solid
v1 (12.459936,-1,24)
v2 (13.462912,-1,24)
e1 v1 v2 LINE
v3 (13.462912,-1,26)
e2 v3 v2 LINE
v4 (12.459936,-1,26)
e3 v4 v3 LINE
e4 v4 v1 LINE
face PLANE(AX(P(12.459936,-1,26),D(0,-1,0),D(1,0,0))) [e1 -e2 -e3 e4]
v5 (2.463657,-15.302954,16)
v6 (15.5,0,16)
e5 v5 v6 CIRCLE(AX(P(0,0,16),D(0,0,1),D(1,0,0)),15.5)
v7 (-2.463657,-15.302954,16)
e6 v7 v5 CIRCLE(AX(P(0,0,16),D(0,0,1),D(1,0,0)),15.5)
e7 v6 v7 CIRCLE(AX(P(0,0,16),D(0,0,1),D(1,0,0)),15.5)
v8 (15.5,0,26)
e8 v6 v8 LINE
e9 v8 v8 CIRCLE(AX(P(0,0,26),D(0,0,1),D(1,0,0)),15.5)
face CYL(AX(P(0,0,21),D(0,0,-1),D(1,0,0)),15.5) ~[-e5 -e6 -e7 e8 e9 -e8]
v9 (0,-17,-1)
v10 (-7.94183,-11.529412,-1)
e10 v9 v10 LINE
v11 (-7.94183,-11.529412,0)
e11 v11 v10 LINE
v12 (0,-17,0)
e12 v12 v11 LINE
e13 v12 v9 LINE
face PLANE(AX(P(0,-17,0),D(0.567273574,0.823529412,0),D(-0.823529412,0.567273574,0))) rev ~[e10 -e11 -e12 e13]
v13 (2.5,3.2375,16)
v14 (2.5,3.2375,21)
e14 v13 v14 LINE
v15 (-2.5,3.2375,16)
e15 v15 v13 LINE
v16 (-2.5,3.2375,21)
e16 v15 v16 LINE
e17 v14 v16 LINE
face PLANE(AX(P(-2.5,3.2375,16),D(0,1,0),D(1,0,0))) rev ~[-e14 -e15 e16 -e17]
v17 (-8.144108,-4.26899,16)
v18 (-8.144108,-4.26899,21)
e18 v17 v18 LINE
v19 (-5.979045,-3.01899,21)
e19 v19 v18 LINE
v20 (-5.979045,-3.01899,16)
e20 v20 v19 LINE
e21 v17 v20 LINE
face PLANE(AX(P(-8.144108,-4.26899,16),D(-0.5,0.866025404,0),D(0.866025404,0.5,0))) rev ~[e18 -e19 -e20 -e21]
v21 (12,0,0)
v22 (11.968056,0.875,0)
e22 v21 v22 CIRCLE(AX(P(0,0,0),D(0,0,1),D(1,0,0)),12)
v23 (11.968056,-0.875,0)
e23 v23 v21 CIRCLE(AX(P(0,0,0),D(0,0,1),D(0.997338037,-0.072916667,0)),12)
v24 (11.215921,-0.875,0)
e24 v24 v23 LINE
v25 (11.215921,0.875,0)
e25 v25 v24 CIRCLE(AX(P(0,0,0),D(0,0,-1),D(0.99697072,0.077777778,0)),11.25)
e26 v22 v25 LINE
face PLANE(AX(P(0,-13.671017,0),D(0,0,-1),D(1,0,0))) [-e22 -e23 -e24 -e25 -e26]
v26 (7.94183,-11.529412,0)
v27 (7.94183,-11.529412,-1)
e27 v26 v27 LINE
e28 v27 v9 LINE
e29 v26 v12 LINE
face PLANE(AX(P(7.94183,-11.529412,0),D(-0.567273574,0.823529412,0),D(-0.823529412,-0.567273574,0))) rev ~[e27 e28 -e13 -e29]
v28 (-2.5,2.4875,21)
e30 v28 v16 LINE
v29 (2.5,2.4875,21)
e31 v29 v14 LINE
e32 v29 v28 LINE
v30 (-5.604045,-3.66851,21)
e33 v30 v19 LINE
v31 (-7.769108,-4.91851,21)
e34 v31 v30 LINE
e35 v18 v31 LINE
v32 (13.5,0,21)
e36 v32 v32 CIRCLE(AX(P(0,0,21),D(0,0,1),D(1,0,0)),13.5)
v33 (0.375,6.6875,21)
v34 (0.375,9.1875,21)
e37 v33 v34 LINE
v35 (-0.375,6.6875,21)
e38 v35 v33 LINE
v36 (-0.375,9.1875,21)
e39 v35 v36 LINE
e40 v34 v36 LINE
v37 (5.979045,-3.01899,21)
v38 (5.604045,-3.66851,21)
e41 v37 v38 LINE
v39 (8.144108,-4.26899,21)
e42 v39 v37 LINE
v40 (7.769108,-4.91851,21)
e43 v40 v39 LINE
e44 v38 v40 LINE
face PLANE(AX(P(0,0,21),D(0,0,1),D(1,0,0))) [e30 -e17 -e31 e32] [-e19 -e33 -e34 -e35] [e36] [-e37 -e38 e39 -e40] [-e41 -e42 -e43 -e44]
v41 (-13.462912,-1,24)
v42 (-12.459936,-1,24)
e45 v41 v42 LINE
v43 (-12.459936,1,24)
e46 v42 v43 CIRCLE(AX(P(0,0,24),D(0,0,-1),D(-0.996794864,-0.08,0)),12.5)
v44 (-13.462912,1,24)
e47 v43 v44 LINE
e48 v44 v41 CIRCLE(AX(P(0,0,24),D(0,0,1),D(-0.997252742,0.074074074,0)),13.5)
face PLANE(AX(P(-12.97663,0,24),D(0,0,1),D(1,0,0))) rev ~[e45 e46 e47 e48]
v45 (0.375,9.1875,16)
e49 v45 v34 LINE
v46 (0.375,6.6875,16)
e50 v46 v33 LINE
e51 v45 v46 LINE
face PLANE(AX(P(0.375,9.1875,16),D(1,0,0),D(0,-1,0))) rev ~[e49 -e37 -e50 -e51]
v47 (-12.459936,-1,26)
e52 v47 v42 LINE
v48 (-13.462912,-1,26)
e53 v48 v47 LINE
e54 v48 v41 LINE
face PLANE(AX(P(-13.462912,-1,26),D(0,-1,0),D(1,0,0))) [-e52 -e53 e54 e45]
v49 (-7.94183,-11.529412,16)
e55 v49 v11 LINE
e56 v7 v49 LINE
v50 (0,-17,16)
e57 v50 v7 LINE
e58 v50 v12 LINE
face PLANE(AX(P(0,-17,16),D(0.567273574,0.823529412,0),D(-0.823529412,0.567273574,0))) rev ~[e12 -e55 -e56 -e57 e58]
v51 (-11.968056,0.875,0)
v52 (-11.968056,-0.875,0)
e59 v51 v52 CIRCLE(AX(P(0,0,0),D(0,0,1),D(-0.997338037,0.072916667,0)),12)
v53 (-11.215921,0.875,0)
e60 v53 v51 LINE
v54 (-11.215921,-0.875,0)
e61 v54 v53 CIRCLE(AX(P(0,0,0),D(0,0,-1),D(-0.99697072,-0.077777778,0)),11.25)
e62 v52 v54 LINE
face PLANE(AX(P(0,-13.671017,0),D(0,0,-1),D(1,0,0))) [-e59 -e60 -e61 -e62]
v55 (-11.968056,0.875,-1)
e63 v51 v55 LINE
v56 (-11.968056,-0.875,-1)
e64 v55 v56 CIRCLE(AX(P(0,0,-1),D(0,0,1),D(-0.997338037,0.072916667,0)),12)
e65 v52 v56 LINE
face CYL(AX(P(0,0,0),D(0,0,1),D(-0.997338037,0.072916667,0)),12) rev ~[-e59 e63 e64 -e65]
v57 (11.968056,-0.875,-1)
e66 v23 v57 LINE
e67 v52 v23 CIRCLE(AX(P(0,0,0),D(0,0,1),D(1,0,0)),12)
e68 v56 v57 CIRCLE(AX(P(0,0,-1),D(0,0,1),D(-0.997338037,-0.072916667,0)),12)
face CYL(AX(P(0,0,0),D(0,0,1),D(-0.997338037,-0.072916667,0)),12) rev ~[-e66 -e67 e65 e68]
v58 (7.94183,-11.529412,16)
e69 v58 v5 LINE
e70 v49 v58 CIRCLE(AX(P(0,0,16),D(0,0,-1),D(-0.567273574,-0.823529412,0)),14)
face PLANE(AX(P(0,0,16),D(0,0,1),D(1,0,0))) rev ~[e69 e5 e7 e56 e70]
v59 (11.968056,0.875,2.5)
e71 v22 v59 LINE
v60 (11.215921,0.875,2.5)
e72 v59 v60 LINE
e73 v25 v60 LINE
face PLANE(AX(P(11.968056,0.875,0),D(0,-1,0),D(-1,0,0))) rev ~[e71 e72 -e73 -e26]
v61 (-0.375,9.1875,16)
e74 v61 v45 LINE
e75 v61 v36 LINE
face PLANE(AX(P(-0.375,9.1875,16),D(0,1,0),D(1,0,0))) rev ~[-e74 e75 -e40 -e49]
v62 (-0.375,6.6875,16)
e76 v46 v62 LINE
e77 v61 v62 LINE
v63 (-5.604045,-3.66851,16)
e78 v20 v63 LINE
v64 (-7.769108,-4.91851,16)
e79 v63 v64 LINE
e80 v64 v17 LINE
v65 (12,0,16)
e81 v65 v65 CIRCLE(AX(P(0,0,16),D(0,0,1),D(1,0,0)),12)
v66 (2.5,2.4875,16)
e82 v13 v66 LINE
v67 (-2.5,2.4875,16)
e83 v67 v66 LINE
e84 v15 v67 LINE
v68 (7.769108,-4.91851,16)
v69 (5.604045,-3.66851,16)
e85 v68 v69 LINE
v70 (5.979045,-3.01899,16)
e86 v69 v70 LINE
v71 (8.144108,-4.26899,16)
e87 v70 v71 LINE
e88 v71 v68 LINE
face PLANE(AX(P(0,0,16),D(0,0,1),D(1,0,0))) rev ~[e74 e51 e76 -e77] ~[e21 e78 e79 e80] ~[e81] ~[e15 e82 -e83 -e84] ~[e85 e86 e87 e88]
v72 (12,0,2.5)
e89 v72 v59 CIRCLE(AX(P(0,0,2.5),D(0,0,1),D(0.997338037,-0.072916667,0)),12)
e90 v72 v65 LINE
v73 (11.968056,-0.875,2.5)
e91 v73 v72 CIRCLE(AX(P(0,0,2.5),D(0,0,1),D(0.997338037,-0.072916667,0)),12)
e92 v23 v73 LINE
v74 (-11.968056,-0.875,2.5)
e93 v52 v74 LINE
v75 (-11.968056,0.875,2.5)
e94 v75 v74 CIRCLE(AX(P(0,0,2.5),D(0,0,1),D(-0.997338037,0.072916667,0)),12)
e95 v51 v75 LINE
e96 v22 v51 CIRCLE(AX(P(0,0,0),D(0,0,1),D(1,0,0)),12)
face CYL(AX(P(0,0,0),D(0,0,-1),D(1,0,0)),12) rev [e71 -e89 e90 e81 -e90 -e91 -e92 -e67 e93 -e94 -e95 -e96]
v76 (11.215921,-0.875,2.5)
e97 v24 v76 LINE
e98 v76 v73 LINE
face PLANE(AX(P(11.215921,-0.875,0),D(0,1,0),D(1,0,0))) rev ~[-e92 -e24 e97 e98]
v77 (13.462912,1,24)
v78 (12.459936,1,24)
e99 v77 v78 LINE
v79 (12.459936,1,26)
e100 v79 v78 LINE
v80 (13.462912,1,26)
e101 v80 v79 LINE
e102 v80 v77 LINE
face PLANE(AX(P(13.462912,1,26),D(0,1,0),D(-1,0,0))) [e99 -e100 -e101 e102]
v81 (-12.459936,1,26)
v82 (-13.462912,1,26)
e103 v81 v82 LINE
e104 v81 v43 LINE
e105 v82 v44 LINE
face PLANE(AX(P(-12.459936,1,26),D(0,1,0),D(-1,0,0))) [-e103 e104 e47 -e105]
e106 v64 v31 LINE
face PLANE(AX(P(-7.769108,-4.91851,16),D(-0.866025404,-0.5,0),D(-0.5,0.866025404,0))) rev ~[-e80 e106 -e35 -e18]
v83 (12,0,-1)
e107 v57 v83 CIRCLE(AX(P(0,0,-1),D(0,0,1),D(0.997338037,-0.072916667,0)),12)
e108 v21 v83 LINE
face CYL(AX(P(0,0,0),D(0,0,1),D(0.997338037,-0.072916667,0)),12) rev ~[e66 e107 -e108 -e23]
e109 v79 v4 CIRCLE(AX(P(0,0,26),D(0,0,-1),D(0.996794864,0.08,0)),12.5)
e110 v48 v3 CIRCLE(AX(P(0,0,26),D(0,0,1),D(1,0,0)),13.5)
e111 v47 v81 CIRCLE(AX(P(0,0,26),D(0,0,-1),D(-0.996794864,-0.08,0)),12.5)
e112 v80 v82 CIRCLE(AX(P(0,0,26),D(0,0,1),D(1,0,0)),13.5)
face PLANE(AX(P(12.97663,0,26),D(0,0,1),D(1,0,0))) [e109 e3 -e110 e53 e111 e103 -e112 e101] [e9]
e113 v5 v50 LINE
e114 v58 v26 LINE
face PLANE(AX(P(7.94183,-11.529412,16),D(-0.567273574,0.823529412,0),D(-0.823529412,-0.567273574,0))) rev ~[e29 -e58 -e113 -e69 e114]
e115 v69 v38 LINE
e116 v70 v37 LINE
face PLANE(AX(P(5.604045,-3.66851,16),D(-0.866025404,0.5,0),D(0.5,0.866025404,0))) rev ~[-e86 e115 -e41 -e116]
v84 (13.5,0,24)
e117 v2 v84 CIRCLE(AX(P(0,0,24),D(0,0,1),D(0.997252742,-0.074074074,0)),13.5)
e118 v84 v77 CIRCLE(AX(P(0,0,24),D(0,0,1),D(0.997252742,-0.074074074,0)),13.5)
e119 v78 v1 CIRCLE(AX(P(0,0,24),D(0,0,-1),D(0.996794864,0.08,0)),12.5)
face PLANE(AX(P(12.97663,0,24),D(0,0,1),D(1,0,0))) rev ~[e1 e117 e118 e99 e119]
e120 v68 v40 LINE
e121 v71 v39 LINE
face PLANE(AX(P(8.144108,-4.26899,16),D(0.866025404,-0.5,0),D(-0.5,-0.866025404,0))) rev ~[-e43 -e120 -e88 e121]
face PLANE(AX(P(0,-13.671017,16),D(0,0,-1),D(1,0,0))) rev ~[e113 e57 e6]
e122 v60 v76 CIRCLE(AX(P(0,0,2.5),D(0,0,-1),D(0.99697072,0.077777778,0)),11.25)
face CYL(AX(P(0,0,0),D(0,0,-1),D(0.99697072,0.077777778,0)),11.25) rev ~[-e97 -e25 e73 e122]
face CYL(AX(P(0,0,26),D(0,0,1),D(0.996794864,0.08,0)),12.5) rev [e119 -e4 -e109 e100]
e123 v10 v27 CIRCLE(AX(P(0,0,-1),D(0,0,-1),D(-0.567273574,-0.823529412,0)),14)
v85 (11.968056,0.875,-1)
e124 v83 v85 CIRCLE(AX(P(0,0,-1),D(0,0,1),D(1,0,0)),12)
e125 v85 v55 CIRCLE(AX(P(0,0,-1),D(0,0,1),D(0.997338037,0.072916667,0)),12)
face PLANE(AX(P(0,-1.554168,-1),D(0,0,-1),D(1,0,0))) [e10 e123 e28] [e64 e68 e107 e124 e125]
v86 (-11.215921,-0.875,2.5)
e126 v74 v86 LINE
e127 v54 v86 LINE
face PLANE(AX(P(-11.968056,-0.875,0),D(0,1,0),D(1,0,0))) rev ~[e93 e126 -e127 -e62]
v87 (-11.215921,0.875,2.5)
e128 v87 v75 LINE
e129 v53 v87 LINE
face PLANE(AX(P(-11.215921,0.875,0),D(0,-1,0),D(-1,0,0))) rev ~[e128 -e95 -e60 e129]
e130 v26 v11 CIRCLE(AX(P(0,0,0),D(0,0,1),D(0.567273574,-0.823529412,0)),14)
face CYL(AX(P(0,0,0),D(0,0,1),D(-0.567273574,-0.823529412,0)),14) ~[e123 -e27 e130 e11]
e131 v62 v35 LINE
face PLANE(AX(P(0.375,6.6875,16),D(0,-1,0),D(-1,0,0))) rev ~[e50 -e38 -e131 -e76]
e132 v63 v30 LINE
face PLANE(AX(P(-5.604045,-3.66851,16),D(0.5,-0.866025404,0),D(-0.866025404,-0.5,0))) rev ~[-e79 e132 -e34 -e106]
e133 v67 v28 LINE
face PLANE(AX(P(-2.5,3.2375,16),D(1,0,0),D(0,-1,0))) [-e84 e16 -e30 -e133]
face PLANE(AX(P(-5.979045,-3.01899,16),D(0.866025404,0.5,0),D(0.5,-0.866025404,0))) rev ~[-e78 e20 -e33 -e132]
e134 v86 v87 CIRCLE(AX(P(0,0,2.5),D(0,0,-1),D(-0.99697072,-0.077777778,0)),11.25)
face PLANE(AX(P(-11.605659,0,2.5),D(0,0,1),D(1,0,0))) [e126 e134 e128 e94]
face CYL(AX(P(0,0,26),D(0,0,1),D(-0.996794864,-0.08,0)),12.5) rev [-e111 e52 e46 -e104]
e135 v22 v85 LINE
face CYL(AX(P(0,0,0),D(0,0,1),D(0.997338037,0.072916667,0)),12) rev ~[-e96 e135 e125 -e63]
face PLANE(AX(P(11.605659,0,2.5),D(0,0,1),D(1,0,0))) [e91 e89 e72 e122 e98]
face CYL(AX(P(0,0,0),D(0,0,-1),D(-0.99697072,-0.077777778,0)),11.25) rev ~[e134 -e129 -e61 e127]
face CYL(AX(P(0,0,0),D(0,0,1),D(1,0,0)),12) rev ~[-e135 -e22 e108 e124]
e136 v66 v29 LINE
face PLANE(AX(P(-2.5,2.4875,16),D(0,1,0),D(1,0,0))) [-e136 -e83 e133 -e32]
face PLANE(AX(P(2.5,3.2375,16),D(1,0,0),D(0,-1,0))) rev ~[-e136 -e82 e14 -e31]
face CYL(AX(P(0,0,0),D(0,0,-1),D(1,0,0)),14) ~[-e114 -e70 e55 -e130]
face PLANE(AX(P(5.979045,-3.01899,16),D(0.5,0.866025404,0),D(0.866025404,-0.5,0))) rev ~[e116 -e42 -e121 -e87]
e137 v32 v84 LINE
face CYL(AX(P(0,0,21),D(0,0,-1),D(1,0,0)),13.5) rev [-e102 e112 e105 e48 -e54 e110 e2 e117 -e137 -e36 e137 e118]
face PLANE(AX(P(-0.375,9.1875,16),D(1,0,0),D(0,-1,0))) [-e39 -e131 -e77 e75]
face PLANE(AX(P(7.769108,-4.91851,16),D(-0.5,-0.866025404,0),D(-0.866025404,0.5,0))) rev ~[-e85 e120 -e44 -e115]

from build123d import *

# Parameters (mm, degrees)
F0_R      = 14
F0_R_2    = 12
F1_DEPTH  = 16
F3_DEPTH  = 2.5
F4_R      = 15.5
F5_DEPTH  = 5
F6_W      = 5
F6_H      = 0.75
F6_W_2    = 0.375
F6_H_2    = 2.5
F7_DEPTH  = 5.001
F8_R      = 15.5
F8_R_2    = 13.5
F9_DEPTH  = 5
F11_DEPTH = 2
F13_DEPTH = 16
F15_DEPTH = 1


with BuildPart() as f1:
    # F0 (on Top) → F1 (new body)
    with BuildSketch(Plane.XY):
        Circle(F0_R)
        Circle(F0_R_2, mode=Mode.SUBTRACT)
    extrude(amount=F1_DEPTH)

    # F2 (on Top) → F3 (join)
    with BuildSketch(Plane.XY):
        with BuildLine():
            Line((-11.2159206042, 0.875), (-11.968056442, 0.875))
            ThreePointArc((-11.968056442, 0.875), (-12, 0), (-11.968056442, -0.875))
            Line((-11.968056442, -0.875), (-11.2159206042, -0.875))
            ThreePointArc((-11.2159206042, -0.875), (-11.25, 0), (-11.2159206042, 0.875))
        make_face()
        with BuildLine():
            ThreePointArc((11.968056442, -0.875), (12, 0), (11.968056442, 0.875))
            Line((11.968056442, 0.875), (11.2159206042, 0.875))
            ThreePointArc((11.2159206042, 0.875), (11.25, 0), (11.2159206042, -0.875))
            Line((11.2159206042, -0.875), (11.968056442, -0.875))
        make_face()
    extrude(amount=F3_DEPTH)

    # F4 (on face) → F5 (join)
    with BuildSketch(Plane.XY.offset(16)):
        Circle(F4_R)
    extrude(amount=F5_DEPTH)

    # F6 (on face) → F7 (cut, through all)
    with BuildSketch(Plane(origin=(0, 0, 16), x_dir=(1, 0, 0), z_dir=(0, 0, -1))):
        with Locations((0, -2.8625)):
            Rectangle(F6_W, F6_H)
        with Locations((0.1875, -7.9375)):
            Rectangle(F6_W_2, F6_H_2)
        with Locations((-0.1875, -7.9375)):
            Rectangle(F6_W_2, F6_H_2)
        Polygon((5.6040448878, 3.6685095264), (5.7915448878, 3.34375), (7.9566083973, 4.59375), (7.7691083973, 4.9185095264), align=None)
        Polygon((7.9566083973, 4.59375), (5.7915448878, 3.34375), (5.9790448878, 3.0189904736), (8.1441083973, 4.2689904736), align=None)
        Polygon((-5.9790448878, 3.0189904736), (-5.7915448878, 3.34375), (-7.9566083973, 4.59375), (-8.1441083973, 4.2689904736), align=None)
        Polygon((-7.9566083973, 4.59375), (-5.7915448878, 3.34375), (-5.6040448878, 3.6685095264), (-7.7691083973, 4.9185095264), align=None)
    extrude(amount=-F7_DEPTH, mode=Mode.SUBTRACT)

    # F8 (on face) → F9 (join)
    with BuildSketch(Plane.XY.offset(21)):
        Circle(F8_R)
        Circle(F8_R_2, mode=Mode.SUBTRACT)
    extrude(amount=F9_DEPTH)

    # F10 (on face) → F11 (join)
    with BuildSketch(Plane.XY.offset(26)):
        with BuildLine():
            Line((-12.4599357944, 1), (-13.4629120178, 1))
            ThreePointArc((-13.4629120178, 1), (-13.5, 0), (-13.4629120178, -1))
            Line((-13.4629120178, -1), (-12.4599357944, -1))
            ThreePointArc((-12.4599357944, -1), (-12.5, 0), (-12.4599357944, 1))
        make_face()
        with BuildLine():
            Line((13.4629120178, 1), (12.4599357944, 1))
            ThreePointArc((12.4599357944, 1), (12.5, 0), (12.4599357944, -1))
            Line((12.4599357944, -1), (13.4629120178, -1))
            ThreePointArc((13.4629120178, -1), (13.5, 0), (13.4629120178, 1))
        make_face()
    extrude(amount=-F11_DEPTH)

    # F12 (on face) → F13 (join, through all)
    with BuildSketch(Plane(origin=(0, 0, 16), x_dir=(1, 0, 0), z_dir=(0, 0, -1))):
        with BuildLine():
            ThreePointArc((-7.9418300385, 11.5294117647), (0, 14), (7.9418300385, 11.5294117647))
            Line((7.9418300385, 11.5294117647), (0, 17))
            Line((0, 17), (-7.9418300385, 11.5294117647))
        make_face()
    extrude(amount=F13_DEPTH)

    # F14 (on face) → F15 (join)
    with BuildSketch(Plane(origin=(0, 0, 0), x_dir=(1, 0, 0), z_dir=(0, 0, -1))):
        with BuildLine():
            ThreePointArc((-7.9418300385, 11.5294117647), (0, -14), (7.9418300385, 11.5294117647))
            Line((7.9418300385, 11.5294117647), (0, 17))
            Line((0, 17), (-7.9418300385, 11.5294117647))
        make_face()
        with BuildLine():
            ThreePointArc((11.968056442, 0.875), (11.9920114515, 0.4377914432), (12, 0))
            ThreePointArc((12, 0), (11.9920114515, -0.4377914432), (11.968056442, -0.875))
            ThreePointArc((11.968056442, -0.875), (0, -12), (-11.968056442, -0.875))
            ThreePointArc((-11.968056442, -0.875), (-12, 0), (-11.968056442, 0.875))
            ThreePointArc((-11.968056442, 0.875), (0, 12), (11.968056442, 0.875))
        make_face(mode=Mode.SUBTRACT)
    extrude(amount=F15_DEPTH)


solid = f1.part
